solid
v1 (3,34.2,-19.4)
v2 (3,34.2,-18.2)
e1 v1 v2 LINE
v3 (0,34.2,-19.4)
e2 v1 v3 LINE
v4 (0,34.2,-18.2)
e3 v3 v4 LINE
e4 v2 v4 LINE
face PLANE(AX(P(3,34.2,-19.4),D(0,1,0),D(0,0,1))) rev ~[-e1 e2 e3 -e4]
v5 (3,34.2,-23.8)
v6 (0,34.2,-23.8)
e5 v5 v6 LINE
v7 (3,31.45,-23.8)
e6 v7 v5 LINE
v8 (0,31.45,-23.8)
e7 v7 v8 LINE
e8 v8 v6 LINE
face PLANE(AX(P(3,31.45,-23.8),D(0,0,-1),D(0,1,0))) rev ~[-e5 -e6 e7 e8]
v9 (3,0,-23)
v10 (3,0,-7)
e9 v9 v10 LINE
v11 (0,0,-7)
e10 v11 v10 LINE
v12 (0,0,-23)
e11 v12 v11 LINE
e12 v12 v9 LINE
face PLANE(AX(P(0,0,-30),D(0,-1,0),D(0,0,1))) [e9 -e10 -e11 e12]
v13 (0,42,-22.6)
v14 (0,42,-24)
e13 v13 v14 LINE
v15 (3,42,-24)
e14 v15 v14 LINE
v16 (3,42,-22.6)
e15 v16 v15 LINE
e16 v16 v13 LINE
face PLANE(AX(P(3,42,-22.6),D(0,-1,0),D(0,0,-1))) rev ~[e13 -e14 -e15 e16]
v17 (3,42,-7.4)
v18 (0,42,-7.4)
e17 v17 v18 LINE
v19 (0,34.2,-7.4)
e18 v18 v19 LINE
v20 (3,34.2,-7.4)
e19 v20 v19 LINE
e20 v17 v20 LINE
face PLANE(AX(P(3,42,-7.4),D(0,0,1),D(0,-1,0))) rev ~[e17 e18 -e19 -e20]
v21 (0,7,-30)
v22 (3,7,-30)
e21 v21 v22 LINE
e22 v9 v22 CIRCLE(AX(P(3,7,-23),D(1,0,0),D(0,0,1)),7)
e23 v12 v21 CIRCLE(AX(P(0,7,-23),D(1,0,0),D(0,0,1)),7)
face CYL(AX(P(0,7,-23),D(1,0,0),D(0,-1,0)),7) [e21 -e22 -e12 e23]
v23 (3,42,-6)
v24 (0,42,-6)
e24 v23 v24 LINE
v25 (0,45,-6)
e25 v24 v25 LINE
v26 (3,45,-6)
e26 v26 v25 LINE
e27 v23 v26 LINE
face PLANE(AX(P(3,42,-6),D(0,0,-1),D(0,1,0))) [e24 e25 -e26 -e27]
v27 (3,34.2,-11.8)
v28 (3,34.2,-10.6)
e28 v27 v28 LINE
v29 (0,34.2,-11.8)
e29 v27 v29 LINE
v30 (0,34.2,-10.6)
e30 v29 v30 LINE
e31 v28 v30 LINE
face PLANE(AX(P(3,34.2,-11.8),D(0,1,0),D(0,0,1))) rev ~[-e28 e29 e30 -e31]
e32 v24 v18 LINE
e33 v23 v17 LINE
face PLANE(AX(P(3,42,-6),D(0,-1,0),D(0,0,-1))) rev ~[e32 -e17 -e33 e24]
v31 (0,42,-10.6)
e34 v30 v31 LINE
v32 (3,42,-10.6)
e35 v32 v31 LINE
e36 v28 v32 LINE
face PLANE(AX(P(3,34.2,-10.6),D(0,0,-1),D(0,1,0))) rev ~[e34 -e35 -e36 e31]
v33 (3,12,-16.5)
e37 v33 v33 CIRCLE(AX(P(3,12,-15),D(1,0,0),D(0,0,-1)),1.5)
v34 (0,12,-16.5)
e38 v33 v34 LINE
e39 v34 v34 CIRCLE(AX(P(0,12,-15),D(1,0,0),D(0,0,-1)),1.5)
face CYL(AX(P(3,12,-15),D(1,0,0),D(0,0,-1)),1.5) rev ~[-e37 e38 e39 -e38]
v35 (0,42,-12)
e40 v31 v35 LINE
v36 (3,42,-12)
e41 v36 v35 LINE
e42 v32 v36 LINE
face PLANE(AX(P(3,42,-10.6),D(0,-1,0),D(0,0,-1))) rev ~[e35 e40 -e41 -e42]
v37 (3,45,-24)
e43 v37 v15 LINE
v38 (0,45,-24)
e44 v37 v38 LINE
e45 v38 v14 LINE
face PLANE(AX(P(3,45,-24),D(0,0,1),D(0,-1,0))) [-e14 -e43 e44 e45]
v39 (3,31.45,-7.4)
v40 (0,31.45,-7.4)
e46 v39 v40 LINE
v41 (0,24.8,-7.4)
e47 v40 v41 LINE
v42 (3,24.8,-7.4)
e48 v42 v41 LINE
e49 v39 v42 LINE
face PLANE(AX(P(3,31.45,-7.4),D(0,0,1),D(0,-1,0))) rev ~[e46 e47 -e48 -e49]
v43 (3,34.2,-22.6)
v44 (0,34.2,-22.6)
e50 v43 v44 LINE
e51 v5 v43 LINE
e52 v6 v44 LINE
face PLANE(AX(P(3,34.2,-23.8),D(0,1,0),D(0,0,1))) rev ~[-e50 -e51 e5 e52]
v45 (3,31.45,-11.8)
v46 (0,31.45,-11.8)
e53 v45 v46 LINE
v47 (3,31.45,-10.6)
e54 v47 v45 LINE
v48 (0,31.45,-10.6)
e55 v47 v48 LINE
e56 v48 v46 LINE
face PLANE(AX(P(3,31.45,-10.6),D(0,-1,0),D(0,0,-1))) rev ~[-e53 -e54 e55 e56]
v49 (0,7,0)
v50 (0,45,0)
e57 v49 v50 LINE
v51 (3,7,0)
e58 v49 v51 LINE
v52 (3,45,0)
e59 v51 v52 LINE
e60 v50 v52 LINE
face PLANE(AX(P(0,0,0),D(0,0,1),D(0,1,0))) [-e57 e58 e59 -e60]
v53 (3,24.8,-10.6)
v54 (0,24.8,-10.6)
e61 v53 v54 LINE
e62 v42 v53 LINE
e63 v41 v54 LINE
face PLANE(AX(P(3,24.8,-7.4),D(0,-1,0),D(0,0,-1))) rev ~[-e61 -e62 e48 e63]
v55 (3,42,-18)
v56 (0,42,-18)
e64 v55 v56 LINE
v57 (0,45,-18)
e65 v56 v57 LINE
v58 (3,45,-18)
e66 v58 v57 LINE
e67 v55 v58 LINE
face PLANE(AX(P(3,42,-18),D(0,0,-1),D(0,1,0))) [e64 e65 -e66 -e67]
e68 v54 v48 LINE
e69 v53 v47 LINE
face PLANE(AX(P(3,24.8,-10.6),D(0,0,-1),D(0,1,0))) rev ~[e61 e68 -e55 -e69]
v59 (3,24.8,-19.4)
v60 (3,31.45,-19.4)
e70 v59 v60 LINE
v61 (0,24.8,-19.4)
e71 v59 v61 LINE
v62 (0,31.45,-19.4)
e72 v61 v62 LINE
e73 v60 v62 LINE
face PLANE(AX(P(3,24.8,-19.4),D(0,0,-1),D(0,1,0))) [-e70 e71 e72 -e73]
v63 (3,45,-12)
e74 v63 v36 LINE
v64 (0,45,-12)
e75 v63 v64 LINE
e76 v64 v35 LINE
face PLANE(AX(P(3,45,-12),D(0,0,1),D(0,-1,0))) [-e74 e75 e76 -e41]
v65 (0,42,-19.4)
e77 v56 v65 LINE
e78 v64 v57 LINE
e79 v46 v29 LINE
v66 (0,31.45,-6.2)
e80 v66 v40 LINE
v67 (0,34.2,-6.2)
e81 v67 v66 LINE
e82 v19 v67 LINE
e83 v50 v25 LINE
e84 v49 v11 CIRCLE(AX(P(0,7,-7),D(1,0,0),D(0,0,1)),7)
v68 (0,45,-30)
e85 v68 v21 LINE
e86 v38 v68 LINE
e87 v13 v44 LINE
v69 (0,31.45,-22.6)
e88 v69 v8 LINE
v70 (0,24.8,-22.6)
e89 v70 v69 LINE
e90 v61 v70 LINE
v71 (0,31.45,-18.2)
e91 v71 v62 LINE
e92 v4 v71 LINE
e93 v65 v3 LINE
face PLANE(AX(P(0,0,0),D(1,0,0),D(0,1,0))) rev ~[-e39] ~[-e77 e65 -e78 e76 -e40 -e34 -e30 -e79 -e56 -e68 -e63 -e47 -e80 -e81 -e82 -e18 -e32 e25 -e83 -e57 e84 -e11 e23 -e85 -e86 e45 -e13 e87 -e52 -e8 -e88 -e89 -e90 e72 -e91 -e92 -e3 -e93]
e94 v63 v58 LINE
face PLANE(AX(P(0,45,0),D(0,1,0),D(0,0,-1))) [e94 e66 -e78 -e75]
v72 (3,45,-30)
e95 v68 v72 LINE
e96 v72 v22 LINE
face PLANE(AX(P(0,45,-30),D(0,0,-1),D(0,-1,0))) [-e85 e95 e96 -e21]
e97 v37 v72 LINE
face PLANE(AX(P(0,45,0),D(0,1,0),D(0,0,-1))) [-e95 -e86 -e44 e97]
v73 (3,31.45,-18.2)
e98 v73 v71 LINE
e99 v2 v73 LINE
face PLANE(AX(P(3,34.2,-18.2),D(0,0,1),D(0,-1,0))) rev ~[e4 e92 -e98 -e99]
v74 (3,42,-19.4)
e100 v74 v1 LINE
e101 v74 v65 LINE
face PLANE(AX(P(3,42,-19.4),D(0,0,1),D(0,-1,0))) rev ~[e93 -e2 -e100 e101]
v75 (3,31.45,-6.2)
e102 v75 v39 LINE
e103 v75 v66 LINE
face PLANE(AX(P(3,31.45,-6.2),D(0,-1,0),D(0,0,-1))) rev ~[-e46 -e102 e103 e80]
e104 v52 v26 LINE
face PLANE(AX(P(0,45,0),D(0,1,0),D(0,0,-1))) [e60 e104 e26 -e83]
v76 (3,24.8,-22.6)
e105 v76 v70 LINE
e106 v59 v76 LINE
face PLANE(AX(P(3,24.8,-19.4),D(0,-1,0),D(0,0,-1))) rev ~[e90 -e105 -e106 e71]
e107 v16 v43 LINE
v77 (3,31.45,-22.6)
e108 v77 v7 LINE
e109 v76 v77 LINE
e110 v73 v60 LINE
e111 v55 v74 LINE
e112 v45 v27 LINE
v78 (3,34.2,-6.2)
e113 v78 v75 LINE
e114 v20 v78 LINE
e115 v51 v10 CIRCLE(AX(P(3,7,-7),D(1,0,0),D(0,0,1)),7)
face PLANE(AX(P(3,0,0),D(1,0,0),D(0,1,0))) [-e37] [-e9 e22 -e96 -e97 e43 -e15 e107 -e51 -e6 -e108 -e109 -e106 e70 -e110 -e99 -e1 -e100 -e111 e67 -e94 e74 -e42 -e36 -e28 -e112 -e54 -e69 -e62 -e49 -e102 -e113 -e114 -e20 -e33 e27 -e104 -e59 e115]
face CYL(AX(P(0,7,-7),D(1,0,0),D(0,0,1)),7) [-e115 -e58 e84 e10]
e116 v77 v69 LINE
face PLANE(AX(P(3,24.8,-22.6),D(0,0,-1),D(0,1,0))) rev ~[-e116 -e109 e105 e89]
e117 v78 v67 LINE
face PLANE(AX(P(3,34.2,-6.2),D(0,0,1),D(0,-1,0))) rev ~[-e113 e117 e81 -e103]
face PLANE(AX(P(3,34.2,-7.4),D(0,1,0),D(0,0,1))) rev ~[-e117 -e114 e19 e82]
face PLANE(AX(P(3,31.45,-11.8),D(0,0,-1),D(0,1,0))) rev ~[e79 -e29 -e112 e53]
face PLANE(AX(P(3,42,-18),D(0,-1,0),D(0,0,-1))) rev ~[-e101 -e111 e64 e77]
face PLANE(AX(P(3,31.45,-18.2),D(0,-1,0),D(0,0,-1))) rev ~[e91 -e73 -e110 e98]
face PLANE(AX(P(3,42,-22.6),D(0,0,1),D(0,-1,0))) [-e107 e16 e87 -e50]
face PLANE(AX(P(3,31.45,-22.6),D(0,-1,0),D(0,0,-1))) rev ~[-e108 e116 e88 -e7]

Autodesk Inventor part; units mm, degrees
ref_plane "YZ Plane" through (0, 0, 0) normal (1, 0, 0) x (0, 1, 0)
ref_plane "XZ Plane" through (0, 0, 0) normal (0, 1, 0) x (-1, 0, 0)
ref_plane "XY Plane" through (0, 0, 0) normal (0, 0, 1) x (1, 0, 0)
sketch "Sketch1" plane through (0, 0, 0) normal (1, 0, 0) x (0, 1, 0)
  line L0 (0, 0) -> (45, 0)
  line L1 (45, 0) -> (45, -30)
  line L2 (45, -30) -> (0, -30)
  line L3 (0, -30) -> (0, 0)
  dimension "d0" = 45
  dimension "d1" = 30
extrude "Extrusion1" add sketch "Sketch1" along normal blind 3
sketch "Sketch2" plane through (3, 0, 0) normal (1, 0, 0) x (0, 0, -1)
  line L0 (30, 45) -> (0, 45) projected
  line L1 (6, 45) -> (12, 45)
  line L2 (12, 45) -> (12, 42)
  line L3 (6, 42) -> (6, 45)
  line L4 (0, 45) -> (0, 0) projected
  line L5 (18, 45) -> (24, 45)
  line L6 (24, 45) -> (24, 42)
  line L7 (18, 42) -> (18, 45)
  line L8 (30, 0) -> (30, 45) projected
  line L9 (6, 42) -> (7.4, 42)
  line L10 (7.4, 42) -> (7.4, 34.2)
  line L11 (7.4, 34.2) -> (6.2, 34.2)
  line L12 (6.2, 34.2) -> (6.2, 31.45)
  line L13 (6.2, 31.45) -> (7.4, 31.45)
  line L14 (7.4, 31.45) -> (7.4, 24.8)
  line L15 (7.4, 24.8) -> (10.6, 24.8)
  line L16 (10.6, 24.8) -> (10.6, 31.45)
  line L17 (10.6, 31.45) -> (11.8, 31.45)
  line L18 (11.8, 31.45) -> (11.8, 34.2)
  line L19 (11.8, 34.2) -> (10.6, 34.2)
  line L20 (10.6, 42) -> (12, 42)
  line L21 (10.6, 34.2) -> (10.6, 42)
  line L22 (18, 42) -> (19.4, 42)
  line L23 (19.4, 42) -> (19.4, 34.2)
  line L24 (19.4, 34.2) -> (18.2, 34.2)
  line L25 (18.2, 34.2) -> (18.2, 31.45)
  line L26 (18.2, 31.45) -> (19.4, 31.45)
  line L27 (19.4, 24.8) -> (19.4, 31.45)
  line L28 (19.4, 24.8) -> (22.6, 24.8)
  line L29 (22.6, 24.8) -> (22.6, 31.45)
  line L30 (22.6, 31.45) -> (23.8, 31.45)
  line L31 (23.8, 31.45) -> (23.8, 34.2)
  line L32 (23.8, 34.2) -> (22.6, 34.2)
  line L33 (22.6, 42) -> (24, 42)
  line L34 (22.6, 42) -> (22.6, 34.2)
  dimension "d4" = 6
  dimension "d6" = 6
  dimension "d18" = 6
  dimension "d19" = 3
  dimension "d20" = 6
  dimension "d21" = 6
  dimension "d22" = 1.4
  dimension "d23" = 7.8
  dimension "d24" = 1.2
  dimension "d25" = 2.75
  dimension "d26" = 1.2
  dimension "d27" = 6.65
  dimension "d28" = 3.2
  dimension "d29" = 1.2
  dimension "d30" = 1.4
  dimension "d31" = 1.2
  dimension "d32" = 3.2
  dimension "d33" = 1.2
  dimension "d34" = 20.2
extrude "Extrusion2" cut sketch "Sketch2" against normal blind 4
fillet "Fillet1" radius 7 2 edges at (1.5, 0, 0) (1.5, 0, -30)
sketch "Sketch3" plane through (3, 0, 0) normal (1, 0, 0) x (0, 0, -1)
  circle A0 centre (15, 12) radius 1.5
  line L0 (0, 45) -> (0, 7) projected
  line L1 (7, 0) -> (23, 0) projected
  point P0 (0, 0)
  dimension "d10" = 3
  dimension "d11" = 15
  dimension "d12" = 12
extrude "Extrusion3" cut sketch "Sketch3" against normal blind 4
properties part number "axel mount (3mm shaft)" material "Plywood, Finish"
